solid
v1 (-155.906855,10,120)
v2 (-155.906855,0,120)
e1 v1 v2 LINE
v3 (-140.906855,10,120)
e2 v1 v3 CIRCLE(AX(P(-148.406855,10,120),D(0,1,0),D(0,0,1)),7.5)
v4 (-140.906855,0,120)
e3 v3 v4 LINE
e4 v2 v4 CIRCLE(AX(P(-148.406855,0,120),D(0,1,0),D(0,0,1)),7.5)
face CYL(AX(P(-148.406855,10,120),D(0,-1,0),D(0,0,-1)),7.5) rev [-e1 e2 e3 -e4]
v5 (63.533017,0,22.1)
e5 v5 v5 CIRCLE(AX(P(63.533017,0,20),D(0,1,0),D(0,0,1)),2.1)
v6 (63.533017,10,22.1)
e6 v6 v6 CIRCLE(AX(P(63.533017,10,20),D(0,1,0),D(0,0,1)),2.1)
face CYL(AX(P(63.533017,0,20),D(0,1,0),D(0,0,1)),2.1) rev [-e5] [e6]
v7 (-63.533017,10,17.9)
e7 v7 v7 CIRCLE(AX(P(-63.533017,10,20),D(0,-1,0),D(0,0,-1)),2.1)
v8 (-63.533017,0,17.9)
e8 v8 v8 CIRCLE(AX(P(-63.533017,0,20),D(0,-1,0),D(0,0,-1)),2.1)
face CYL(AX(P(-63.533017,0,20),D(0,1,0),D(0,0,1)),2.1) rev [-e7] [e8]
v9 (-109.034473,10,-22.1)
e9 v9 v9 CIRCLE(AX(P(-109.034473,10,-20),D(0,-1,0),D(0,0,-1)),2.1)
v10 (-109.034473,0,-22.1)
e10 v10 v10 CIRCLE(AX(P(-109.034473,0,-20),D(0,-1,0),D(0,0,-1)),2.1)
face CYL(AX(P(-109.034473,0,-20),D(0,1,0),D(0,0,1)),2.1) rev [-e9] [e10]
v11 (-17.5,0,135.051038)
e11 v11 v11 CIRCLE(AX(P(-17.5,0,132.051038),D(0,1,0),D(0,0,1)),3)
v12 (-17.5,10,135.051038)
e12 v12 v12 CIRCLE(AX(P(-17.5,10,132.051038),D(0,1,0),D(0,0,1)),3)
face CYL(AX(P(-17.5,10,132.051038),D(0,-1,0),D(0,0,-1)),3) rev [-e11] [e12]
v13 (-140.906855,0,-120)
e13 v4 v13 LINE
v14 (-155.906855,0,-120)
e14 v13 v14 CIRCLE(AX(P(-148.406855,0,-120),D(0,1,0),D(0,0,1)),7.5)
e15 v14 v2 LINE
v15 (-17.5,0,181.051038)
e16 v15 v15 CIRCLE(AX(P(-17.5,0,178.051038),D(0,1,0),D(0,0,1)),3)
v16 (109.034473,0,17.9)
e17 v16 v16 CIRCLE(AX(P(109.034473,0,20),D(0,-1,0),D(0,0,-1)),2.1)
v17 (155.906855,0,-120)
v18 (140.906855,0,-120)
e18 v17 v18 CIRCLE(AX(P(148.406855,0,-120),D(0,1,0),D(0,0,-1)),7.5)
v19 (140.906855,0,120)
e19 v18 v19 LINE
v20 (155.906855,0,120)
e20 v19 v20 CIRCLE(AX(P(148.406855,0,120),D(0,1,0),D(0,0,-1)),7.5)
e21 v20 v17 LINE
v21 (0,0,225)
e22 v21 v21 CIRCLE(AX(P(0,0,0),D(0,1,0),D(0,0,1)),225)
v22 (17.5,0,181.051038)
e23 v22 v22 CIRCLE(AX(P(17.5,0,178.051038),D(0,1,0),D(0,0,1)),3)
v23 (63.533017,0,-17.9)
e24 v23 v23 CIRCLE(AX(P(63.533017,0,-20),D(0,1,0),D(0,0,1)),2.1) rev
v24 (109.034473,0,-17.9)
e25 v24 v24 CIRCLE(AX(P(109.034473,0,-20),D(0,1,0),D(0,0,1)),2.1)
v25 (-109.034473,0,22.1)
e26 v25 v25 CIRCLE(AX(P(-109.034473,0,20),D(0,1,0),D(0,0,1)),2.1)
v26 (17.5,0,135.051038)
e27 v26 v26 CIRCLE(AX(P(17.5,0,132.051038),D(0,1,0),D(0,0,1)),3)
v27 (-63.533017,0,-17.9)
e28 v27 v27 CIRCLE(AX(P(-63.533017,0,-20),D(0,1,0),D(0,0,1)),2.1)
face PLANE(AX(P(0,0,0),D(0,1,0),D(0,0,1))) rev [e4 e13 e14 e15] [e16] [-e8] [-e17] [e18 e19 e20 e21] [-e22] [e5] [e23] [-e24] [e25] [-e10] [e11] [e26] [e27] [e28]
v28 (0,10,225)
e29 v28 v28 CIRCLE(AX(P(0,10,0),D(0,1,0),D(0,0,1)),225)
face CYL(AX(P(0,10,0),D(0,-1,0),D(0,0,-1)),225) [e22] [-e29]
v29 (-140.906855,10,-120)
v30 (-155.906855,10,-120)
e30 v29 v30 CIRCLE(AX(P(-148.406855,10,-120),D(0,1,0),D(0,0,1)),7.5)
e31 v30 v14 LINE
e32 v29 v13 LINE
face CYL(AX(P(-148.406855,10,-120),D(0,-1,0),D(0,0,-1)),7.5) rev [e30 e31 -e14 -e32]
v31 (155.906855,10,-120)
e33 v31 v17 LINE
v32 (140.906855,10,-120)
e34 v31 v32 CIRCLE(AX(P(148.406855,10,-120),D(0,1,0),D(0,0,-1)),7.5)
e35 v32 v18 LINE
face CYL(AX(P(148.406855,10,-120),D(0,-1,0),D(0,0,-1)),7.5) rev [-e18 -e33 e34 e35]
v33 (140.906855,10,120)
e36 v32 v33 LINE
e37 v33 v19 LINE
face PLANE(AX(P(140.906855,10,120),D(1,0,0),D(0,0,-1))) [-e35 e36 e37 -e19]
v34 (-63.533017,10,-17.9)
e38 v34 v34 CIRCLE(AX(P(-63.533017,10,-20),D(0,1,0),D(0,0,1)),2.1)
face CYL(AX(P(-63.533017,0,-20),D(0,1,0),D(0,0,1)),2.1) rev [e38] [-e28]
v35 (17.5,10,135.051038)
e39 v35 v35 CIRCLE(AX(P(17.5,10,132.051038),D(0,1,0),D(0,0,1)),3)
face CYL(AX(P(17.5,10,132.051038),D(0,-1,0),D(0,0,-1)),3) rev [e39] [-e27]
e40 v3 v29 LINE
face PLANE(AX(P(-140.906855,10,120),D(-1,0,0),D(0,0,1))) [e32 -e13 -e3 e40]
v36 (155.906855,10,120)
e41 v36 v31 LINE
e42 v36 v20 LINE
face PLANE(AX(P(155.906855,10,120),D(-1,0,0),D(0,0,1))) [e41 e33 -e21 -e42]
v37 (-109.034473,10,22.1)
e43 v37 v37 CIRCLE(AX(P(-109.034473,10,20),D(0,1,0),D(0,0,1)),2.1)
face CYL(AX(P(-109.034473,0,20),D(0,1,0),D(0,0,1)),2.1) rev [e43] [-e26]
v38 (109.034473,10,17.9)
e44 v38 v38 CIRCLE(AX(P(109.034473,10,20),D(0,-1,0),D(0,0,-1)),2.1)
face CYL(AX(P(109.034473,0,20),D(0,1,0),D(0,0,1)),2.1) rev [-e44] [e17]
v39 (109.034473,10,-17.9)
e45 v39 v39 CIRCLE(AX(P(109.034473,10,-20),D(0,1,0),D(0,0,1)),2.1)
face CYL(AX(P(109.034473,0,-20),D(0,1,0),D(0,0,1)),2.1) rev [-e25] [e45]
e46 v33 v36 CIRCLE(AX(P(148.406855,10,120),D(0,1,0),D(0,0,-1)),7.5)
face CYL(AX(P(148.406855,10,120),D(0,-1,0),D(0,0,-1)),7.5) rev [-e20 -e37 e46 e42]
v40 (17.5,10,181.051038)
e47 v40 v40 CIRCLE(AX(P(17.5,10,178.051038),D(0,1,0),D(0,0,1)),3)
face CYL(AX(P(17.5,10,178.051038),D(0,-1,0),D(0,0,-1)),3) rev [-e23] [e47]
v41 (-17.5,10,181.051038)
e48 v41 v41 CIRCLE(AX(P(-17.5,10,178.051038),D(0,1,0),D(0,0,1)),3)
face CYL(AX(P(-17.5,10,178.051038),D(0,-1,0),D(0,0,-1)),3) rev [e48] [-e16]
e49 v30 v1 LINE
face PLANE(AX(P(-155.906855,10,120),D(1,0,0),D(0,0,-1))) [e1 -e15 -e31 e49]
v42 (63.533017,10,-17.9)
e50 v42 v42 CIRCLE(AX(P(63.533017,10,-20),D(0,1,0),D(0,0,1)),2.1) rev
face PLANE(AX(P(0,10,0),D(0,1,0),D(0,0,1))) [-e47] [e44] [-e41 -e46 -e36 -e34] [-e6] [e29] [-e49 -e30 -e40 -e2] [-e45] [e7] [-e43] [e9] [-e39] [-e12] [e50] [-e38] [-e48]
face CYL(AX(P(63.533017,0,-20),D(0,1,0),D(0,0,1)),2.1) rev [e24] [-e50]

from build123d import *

# Parameters (mm, degrees)
SKETCH1_R           = 225
SKETCH1_R_2         = 3
BOSS_EXTRUDE1_DEPTH = 10
SKETCH3_R           = 2.1
CUT_EXTRUDE2_DEPTH  = 10


with BuildPart() as part:
    # Sketch1 → Boss-Extrude1 (new body)
    with BuildSketch(Plane(origin=(0, 0, 0), x_dir=(1, 0, 0), z_dir=(0, 1, 0))):
        with Locations(Location((0, 0, 0), (0, 0, 270))):
            Circle(SKETCH1_R)
        with Locations(Location((-17.5, -132.051038191, 0), (0, 0, 270))):
            Circle(SKETCH1_R_2, mode=Mode.SUBTRACT)
        with Locations(Location((17.5, -132.051038191, 0), (0, 0, 270))):
            Circle(SKETCH1_R_2, mode=Mode.SUBTRACT)
        with Locations(Location((17.5, -178.051038191, 0), (0, 0, 270))):
            Circle(SKETCH1_R_2, mode=Mode.SUBTRACT)
        with Locations(Location((-17.5, -178.051038191, 0), (0, 0, 270))):
            Circle(SKETCH1_R_2, mode=Mode.SUBTRACT)
        with BuildLine():
            Line((-155.90685468, -120), (-155.90685468, 120))
            ThreePointArc((-155.90685468, 120), (-148.40685468, 127.5), (-140.90685468, 120))
            Line((-140.90685468, 120), (-140.90685468, -120))
            ThreePointArc((-140.90685468, -120), (-148.40685468, -127.5), (-155.90685468, -120))
        make_face(mode=Mode.SUBTRACT)
        with BuildLine():
            Line((155.90685468, -120), (155.90685468, 120))
            ThreePointArc((155.90685468, 120), (148.40685468, 127.5), (140.90685468, 120))
            Line((140.90685468, 120), (140.90685468, -120))
            ThreePointArc((140.90685468, -120), (148.40685468, -127.5), (155.90685468, -120))
        make_face(mode=Mode.SUBTRACT)
    extrude(amount=BOSS_EXTRUDE1_DEPTH)

    # Sketch3 → Cut-Extrude2 (cut)
    with BuildSketch(Plane(origin=(0, 10, 0), x_dir=(1, 0, 0), z_dir=(0, 1, 0))):
        with Locations(Location((63.533017038, -20, 0), (0, 0, 270))):
            Circle(SKETCH3_R)
        with Locations(Location((63.533017038, 20, 0), (0, 0, 270))):
            Circle(SKETCH3_R)
        with Locations(Location((-63.533017038, -20, 0), (0, 0, 90))):
            Circle(SKETCH3_R)
        with Locations(Location((-109.034473384, -20, 0), (0, 0, 270))):
            Circle(SKETCH3_R)
        with Locations(Location((-63.533017038, 20, 0), (0, 0, 270))):
            Circle(SKETCH3_R)
        with Locations(Location((-109.034473384, 20, 0), (0, 0, 90))):
            Circle(SKETCH3_R)
        with Locations(Location((109.034473384, -20, 0), (0, 0, 90))):
            Circle(SKETCH3_R)
        with Locations(Location((109.034473384, 20, 0), (0, 0, 270))):
            Circle(SKETCH3_R)
    extrude(amount=-CUT_EXTRUDE2_DEPTH, mode=Mode.SUBTRACT)


solid = part.part
